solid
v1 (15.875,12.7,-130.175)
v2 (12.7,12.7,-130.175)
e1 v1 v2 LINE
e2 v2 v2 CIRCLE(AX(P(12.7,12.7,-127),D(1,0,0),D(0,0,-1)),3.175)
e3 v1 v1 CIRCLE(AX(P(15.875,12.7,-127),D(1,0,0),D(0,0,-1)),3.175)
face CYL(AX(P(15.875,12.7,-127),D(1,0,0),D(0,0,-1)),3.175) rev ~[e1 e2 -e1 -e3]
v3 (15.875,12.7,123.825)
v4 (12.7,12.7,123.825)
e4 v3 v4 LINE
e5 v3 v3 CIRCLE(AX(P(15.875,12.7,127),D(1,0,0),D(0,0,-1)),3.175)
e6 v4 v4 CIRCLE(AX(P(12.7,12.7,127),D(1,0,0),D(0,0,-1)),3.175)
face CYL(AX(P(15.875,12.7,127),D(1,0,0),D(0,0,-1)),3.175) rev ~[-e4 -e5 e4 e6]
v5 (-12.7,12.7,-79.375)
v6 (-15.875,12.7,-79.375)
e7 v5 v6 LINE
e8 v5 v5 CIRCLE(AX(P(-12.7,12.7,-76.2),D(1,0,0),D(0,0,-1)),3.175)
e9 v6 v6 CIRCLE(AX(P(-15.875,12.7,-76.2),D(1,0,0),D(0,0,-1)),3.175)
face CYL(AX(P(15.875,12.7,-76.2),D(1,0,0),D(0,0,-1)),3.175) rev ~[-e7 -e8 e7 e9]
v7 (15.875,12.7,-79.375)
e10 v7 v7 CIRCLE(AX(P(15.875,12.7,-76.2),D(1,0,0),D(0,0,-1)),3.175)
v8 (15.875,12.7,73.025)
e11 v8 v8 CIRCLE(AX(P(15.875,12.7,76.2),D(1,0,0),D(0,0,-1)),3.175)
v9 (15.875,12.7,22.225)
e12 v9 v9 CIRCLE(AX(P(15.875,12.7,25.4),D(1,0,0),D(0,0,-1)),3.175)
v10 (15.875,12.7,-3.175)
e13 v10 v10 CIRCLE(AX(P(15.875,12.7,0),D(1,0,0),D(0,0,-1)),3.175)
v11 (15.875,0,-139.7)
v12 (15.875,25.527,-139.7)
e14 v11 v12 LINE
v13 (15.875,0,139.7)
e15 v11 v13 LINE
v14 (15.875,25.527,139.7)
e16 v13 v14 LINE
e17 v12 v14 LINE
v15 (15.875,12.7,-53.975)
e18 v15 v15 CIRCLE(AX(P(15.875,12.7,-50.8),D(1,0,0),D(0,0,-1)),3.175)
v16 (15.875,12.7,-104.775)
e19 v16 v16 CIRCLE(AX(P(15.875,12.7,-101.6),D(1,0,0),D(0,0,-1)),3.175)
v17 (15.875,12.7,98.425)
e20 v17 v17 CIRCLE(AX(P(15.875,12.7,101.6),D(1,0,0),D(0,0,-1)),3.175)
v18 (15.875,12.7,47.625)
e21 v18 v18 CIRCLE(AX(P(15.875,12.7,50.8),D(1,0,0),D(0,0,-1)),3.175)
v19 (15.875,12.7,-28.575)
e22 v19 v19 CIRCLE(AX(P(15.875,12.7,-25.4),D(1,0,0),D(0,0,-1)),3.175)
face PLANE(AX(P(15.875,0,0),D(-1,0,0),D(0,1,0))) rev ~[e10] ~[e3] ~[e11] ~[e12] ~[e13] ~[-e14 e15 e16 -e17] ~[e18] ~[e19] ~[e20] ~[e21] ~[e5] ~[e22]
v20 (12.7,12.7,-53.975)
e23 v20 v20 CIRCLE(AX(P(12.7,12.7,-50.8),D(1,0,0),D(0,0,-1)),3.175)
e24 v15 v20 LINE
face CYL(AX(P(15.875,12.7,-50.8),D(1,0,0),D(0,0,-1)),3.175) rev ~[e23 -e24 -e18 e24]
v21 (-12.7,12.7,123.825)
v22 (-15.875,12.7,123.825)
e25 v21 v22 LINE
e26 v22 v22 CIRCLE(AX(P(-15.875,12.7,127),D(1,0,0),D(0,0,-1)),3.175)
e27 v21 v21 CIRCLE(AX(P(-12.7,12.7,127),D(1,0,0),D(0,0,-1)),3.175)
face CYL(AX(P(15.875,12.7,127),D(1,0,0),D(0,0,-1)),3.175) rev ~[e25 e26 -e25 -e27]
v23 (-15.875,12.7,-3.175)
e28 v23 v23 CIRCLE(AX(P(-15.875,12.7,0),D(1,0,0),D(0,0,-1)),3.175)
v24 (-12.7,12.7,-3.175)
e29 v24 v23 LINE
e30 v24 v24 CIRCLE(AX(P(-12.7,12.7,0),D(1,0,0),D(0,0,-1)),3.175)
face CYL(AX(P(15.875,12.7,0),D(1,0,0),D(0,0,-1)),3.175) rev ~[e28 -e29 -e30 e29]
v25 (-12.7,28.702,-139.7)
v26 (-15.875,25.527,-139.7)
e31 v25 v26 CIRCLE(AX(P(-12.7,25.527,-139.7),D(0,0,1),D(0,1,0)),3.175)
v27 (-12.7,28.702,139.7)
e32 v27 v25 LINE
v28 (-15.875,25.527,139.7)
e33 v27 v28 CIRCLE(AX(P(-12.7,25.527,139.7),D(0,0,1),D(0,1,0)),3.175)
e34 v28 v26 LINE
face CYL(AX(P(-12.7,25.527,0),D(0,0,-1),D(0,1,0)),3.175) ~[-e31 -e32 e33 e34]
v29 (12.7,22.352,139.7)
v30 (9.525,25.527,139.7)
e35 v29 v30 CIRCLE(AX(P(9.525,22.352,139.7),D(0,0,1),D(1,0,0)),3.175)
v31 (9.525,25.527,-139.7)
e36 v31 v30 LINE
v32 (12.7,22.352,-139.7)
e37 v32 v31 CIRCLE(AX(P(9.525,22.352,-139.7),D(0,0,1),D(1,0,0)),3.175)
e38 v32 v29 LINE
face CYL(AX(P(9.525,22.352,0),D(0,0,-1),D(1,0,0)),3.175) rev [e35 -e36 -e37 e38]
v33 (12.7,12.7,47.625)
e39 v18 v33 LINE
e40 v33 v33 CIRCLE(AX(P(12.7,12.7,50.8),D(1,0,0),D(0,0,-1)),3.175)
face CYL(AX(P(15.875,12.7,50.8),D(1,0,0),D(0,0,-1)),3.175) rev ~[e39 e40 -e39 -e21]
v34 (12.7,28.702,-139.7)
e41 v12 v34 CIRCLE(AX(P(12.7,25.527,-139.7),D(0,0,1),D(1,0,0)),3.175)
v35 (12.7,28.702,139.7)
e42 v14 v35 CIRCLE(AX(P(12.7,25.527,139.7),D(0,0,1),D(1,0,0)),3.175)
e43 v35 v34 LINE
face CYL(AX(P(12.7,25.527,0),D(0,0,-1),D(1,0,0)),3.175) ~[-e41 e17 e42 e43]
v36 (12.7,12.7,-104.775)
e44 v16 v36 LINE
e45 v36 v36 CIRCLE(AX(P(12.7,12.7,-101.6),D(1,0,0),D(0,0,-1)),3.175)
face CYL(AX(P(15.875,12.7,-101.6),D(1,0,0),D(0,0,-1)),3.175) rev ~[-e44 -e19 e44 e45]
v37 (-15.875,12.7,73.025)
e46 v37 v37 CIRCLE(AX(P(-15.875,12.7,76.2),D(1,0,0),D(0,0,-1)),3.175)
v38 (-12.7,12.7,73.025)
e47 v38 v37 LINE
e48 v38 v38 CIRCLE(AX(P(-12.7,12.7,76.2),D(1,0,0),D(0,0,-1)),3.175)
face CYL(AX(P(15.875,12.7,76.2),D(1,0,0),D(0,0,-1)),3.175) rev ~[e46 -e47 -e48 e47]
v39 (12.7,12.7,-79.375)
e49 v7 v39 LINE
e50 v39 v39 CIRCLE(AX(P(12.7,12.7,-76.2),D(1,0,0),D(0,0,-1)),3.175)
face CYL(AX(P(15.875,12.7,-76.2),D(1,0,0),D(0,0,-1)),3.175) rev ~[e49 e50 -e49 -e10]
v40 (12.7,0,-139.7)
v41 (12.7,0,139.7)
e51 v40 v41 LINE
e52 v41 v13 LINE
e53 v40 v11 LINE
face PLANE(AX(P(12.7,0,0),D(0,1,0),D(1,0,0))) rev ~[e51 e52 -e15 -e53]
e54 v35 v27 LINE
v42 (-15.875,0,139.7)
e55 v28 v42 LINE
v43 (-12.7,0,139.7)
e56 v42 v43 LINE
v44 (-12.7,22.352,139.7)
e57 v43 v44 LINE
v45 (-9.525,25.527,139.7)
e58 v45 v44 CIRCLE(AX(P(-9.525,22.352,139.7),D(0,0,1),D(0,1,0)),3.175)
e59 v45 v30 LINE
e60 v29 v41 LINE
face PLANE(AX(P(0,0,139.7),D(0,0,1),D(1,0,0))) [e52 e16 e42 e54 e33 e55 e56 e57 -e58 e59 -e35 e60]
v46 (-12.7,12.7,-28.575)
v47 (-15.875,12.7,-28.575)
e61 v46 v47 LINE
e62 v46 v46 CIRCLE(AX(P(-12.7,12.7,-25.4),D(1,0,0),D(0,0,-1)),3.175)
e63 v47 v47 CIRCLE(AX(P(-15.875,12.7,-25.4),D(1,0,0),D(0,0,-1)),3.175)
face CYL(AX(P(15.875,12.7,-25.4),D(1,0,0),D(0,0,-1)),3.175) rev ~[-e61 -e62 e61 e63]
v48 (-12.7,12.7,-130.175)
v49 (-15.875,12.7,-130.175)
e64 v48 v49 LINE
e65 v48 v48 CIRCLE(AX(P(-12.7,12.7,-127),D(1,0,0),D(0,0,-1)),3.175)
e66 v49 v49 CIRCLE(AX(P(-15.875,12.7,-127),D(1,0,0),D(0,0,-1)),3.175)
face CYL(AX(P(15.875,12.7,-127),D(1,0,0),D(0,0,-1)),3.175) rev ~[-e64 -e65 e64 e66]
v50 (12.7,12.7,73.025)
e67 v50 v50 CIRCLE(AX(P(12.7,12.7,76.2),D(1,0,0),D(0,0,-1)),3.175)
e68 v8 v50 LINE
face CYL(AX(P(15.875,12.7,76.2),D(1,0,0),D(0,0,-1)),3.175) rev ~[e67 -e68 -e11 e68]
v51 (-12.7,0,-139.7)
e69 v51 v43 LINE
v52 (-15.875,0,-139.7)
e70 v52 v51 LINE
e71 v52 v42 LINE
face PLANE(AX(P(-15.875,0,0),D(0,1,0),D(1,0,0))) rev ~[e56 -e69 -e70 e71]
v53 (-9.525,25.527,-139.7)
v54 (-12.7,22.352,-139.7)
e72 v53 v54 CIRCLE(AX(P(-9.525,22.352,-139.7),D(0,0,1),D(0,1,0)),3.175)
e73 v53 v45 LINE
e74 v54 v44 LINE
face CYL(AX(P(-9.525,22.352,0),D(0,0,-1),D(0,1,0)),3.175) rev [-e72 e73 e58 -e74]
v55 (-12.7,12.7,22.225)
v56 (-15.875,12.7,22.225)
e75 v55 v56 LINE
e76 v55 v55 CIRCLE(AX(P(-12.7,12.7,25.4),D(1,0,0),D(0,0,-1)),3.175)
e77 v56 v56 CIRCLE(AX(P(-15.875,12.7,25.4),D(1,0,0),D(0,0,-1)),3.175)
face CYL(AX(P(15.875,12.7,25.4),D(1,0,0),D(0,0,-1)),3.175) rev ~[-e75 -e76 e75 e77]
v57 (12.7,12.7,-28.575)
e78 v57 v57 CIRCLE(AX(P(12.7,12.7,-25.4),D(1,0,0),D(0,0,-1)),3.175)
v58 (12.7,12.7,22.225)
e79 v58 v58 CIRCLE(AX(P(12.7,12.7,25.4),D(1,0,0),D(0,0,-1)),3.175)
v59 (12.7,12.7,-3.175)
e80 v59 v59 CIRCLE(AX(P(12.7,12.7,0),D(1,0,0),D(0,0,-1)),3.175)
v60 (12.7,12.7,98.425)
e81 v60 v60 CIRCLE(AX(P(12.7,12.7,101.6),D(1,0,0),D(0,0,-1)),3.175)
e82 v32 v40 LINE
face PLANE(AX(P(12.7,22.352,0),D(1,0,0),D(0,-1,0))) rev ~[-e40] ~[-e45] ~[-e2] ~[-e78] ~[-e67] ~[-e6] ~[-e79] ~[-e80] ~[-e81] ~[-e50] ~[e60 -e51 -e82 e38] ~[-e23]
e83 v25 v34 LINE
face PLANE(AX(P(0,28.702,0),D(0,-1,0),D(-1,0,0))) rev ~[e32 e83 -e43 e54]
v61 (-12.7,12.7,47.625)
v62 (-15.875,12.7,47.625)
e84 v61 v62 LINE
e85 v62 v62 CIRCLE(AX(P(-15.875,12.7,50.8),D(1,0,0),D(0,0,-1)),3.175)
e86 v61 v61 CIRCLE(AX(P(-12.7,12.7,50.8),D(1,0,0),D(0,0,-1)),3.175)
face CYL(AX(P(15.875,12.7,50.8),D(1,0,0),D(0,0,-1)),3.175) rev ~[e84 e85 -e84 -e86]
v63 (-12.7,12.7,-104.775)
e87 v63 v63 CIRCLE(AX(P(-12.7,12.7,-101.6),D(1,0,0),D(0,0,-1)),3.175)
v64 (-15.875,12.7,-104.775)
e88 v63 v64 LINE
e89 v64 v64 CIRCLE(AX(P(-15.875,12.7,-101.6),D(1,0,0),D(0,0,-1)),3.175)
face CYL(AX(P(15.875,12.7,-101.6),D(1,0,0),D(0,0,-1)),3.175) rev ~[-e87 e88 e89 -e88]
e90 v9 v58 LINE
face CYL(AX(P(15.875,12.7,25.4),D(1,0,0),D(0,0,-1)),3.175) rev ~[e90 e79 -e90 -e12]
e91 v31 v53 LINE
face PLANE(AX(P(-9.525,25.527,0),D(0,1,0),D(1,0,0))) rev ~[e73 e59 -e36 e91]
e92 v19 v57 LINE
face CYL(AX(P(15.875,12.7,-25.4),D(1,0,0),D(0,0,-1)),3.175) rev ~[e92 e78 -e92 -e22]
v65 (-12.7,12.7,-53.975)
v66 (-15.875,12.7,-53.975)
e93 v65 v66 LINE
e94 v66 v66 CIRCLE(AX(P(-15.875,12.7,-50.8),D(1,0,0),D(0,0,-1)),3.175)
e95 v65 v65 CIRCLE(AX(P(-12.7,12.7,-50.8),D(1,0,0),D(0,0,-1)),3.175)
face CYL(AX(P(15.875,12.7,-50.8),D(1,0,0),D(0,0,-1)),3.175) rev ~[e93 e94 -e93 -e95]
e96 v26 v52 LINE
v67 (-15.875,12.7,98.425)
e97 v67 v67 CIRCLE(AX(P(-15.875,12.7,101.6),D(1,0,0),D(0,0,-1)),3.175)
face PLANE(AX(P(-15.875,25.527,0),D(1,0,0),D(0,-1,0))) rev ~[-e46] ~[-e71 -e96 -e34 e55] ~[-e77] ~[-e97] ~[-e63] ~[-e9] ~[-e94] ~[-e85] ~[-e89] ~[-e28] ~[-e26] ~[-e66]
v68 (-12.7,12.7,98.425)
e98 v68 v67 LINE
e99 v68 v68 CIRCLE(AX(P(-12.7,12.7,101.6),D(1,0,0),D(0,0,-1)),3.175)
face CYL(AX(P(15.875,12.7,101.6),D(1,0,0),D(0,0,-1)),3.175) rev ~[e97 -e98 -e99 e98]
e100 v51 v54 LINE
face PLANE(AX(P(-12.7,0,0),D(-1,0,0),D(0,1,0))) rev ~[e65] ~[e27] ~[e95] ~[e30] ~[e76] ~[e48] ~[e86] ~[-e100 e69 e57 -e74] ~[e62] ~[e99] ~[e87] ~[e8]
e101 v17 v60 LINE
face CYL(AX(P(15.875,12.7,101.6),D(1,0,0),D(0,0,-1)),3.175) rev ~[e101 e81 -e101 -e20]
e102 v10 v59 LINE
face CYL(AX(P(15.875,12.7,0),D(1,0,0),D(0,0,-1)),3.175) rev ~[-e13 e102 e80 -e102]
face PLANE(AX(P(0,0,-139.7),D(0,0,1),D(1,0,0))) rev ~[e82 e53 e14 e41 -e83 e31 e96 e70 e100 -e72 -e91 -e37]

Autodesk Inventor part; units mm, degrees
ref_plane "YZ Plane" through (0, 0, 0) normal (1, 0, 0) x (0, 1, 0)
ref_plane "XZ Plane" through (0, 0, 0) normal (0, 1, 0) x (-1, 0, 0)
ref_plane "XY Plane" through (0, 0, 0) normal (0, 0, 1) x (1, 0, 0)
sketch "Sketch1" plane through (0, 0, 0) normal (0, 0, 1) x (1, 0, 0)
  line L0 (-15.875, 0) -> (-12.7, 0)
  line L1 (-12.7, 0) -> (-12.7, 22.352)
  line L2 (-9.525, 25.527) -> (9.525, 25.527)
  line L3 (12.7, 22.352) -> (12.7, 0)
  line L4 (12.7, 0) -> (15.875, 0)
  line L5 (15.875, 0) -> (15.875, 25.527)
  line L6 (12.7, 28.702) -> (-12.7, 28.702)
  line L7 (-15.875, 25.527) -> (-15.875, 0)
  arc A0 (-9.525, 25.527) -> (-12.7, 22.352) centre (-9.525, 22.352) ccw
  arc A1 (12.7, 22.352) -> (9.525, 25.527) centre (9.525, 22.352) ccw
  arc A2 (-12.7, 28.702) -> (-15.875, 25.527) centre (-12.7, 25.527) ccw
  arc A3 (15.875, 25.527) -> (12.7, 28.702) centre (12.7, 25.527) ccw
  line L8 (0, 35.2315) -> (0, -5.8719) projected
  point P0 (0, 0)
  dimension "d0" = 28.702
  dimension "d1" = 31.75
  dimension "d2" = 3.175
  dimension "d3" = 3.175
  dimension "d4" = 3.175
extrude "Extrusion1" add sketch "Sketch1" along normal mid plane 279.4
sketch "Sketch4" plane through (15.875, 0, 139.7) normal (1, 0, 0) x (0, 0, -1)
  line L0 (139.7, -5.7404) -> (139.7, 34.4424) construction
  line L1 (-55.88, 0) -> (335.28, 0) construction
  circle A0 centre (139.7, 12.7) radius 3.175
  point P0 (139.7, 0)
  dimension "d34" = 12.7
  dimension "d35" = 0
  dimension "d36" = 6.35
extrude "Extrusion4" cut sketch "Sketch4" against normal up to surface (31.75 mm away)
pattern_linear "Rectangular Pattern3" count 15 spacing 25.4 along (0, 0, 1) count 15 spacing 25.4 along (0, 0, -1) of "Extrusion4"
equation "\"d5\" = TopLength"
equation "\"TopLength\" = 279.4"
properties part number "TopPiece" material "Aluminum 6061"
